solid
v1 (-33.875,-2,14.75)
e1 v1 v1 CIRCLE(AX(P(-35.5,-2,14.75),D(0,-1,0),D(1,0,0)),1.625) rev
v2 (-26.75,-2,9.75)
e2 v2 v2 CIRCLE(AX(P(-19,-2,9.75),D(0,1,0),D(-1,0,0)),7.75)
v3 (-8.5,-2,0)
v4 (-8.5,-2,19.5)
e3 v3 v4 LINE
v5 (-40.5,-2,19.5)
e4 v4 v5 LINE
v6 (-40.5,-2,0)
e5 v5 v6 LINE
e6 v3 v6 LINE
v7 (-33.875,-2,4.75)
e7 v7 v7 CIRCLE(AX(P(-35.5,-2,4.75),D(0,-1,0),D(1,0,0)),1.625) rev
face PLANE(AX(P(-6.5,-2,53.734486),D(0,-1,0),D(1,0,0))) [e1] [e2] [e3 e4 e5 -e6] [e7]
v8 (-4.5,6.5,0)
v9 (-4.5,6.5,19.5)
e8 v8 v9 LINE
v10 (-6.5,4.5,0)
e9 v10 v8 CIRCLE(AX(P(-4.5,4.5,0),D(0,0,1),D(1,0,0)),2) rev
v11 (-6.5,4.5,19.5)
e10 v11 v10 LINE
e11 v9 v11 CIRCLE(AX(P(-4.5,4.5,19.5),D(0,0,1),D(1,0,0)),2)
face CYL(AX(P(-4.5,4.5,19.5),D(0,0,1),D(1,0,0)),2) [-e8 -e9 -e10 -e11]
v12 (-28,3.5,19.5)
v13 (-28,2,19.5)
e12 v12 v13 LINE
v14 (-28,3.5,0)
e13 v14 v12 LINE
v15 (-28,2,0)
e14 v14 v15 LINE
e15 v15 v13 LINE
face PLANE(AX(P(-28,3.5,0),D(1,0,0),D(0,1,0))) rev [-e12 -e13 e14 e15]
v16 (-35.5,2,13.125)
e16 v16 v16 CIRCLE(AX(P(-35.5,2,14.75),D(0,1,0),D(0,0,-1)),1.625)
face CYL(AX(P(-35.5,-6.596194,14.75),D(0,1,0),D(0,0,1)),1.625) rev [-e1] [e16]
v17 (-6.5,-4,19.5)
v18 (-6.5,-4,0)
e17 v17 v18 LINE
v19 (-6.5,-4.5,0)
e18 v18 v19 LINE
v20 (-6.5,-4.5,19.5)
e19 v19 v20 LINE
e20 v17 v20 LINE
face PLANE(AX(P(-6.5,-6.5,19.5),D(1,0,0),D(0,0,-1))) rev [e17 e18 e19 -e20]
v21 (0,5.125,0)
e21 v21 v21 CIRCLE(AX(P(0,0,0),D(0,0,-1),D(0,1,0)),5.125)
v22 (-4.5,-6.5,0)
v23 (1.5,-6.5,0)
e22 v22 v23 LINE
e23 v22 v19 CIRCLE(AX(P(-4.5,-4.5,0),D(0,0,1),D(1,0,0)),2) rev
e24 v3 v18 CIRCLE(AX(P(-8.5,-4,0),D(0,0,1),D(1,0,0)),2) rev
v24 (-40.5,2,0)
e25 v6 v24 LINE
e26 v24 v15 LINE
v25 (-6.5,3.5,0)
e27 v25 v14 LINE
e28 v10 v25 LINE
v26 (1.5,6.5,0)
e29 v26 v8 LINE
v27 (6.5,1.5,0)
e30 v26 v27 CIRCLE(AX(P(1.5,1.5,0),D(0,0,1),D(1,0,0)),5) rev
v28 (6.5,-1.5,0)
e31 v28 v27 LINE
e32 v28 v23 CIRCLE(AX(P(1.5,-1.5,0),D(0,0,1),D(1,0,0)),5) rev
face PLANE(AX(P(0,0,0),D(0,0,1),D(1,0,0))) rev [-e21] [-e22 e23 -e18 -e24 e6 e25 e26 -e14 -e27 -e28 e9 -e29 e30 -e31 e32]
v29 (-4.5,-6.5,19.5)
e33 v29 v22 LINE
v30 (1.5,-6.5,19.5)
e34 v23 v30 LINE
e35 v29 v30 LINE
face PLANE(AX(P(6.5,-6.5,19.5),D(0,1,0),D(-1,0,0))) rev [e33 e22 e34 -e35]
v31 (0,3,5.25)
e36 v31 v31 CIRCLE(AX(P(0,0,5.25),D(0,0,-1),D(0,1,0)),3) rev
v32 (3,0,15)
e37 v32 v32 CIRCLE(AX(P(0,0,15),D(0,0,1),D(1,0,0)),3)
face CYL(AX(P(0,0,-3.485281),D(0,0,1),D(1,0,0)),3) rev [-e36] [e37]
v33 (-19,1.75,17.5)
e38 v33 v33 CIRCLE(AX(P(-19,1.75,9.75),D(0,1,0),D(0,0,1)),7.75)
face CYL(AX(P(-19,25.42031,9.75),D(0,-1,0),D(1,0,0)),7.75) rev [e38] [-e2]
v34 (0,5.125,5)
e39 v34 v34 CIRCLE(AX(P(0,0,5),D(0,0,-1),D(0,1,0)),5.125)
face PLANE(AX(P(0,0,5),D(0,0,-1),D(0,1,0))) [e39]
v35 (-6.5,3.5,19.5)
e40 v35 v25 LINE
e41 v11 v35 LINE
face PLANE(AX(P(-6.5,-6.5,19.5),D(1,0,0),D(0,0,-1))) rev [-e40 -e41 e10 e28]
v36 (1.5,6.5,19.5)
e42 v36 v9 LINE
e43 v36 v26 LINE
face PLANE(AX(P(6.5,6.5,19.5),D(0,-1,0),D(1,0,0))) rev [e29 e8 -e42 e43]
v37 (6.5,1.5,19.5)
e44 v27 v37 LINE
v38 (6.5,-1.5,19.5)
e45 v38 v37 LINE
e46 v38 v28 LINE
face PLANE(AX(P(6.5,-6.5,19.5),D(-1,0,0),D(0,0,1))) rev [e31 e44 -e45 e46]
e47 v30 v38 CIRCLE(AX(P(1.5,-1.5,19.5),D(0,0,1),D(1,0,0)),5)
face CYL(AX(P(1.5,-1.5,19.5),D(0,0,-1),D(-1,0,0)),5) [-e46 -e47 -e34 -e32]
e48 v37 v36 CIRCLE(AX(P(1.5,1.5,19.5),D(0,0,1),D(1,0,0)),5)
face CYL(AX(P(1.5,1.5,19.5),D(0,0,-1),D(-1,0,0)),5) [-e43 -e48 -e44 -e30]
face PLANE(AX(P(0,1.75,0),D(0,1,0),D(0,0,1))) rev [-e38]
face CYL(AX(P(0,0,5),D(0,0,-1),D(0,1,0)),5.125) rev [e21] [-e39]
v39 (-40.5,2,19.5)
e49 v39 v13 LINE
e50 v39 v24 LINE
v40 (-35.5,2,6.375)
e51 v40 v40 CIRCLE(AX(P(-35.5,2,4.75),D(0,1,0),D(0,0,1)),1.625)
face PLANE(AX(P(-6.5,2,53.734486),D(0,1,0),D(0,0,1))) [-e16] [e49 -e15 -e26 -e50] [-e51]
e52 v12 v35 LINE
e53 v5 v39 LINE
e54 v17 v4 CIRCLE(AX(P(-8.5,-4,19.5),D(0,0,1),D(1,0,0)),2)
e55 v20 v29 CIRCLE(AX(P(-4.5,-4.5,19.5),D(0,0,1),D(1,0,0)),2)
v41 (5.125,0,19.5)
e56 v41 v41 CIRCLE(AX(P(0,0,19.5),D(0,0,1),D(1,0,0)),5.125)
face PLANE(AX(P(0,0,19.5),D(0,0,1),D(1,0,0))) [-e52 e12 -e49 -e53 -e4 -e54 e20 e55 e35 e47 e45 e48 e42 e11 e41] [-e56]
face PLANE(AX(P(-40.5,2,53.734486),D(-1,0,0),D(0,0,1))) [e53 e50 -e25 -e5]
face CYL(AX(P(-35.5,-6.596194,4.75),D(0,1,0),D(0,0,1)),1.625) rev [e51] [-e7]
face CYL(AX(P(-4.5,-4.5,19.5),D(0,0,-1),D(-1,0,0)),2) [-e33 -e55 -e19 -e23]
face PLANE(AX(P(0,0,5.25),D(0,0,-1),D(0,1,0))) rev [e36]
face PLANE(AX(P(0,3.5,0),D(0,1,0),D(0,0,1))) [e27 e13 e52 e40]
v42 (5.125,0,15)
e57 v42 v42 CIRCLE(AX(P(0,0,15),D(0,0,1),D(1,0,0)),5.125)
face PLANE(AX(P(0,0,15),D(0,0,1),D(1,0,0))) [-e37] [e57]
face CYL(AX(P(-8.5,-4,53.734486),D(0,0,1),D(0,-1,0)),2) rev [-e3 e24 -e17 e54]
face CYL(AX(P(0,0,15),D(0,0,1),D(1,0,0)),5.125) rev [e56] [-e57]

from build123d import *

# Parameters (mm, degrees)
SKETCH1_W                = 13
SKETCH1_H                = 13
BALL_BEARING_BLOCK_DEPTH = 19.5
SKETCH2_W                = 34
SKETCH2_H                = 4
PADDLE_PLATE_DEPTH       = 19.5
SKETCH3_R                = 5.125
BALLBEARING_1_DEPTH      = 4.5
BALLBEARING_START        = -5
SKETCH4_R                = 5.125
BALLBEARING_2_DEPTH      = 5
SKETCH5_R                = 3
ACHSE_DEPTH              = 10
ACHSE_START              = -0.25
SKETCH9_R                = 3
ACHSE_CLOSER_DEPTH       = 0.25
FILLET1_R                = 5
FILLET2_R                = 5
FILLET3_R                = 2
FILLET4_R                = 2
FILLET7_R                = 2
SKETCH6_R                = 1.625
M3_PADDLE_SCREWS_DEPTH   = 4
SKETCH8_W                = 21.5
SKETCH8_H                = 19.5
TOP_PLATE_DEPTH          = 1.5
SKETCH7_R                = 7.75
MAGNET_POCKET_DEPTH      = 3.75


with BuildPart() as part:
    # Sketch1 → Ball Bearing Block (new body)
    with BuildSketch(Plane.XY):
        Rectangle(SKETCH1_W, SKETCH1_H)
    extrude(amount=BALL_BEARING_BLOCK_DEPTH)

    # Sketch2 → Paddle Plate (add)
    with BuildSketch(Plane(origin=(0, 0, 0), x_dir=(1, 0, 0), z_dir=(0, 0, -1))):
        with Locations((-23.5, 0)):
            Rectangle(SKETCH2_W, SKETCH2_H)
    extrude(amount=-PADDLE_PLATE_DEPTH)

    # Sketch3 → Ballbearing 1 (cut)
    with BuildSketch(Plane.XY.offset(19.5)):
        Circle(SKETCH3_R)
    extrude(amount=-BALLBEARING_1_DEPTH, mode=Mode.SUBTRACT)

    # Sketch4 → Ballbearing 2 (cut)
    with BuildSketch(Plane(origin=(0, 0, 0), x_dir=(1, 0, 0), z_dir=(0, 0, -1)).offset(BALLBEARING_START)):
        Circle(SKETCH4_R)
    extrude(amount=BALLBEARING_2_DEPTH, mode=Mode.SUBTRACT)

    # Sketch5 → Achse (cut)
    with BuildSketch(Plane.XY.offset(15)):
        Circle(SKETCH5_R)
    extrude(amount=-ACHSE_DEPTH, mode=Mode.SUBTRACT)

    # Sketch9 → Achse Closer (add)
    with BuildSketch(Plane(origin=(0, 0, 5), x_dir=(-1, 0, 0), z_dir=(0, 0, -1)).offset(ACHSE_START)):
        with Locations(Location((0, 0, 0), (0, 0, 180))):
            Circle(SKETCH9_R)
    extrude(amount=ACHSE_CLOSER_DEPTH)

    # Fillet1
    fillet1_edges = [part.edges().sort_by_distance(p)[0] for p in [
        (6.5, 6.5, 9.75),
    ]]
    fillet(fillet1_edges, radius=FILLET1_R)

    # Fillet2
    fillet2_edges = [part.edges().sort_by_distance(p)[0] for p in [
        (6.5, -6.5, 9.75),
    ]]
    fillet(fillet2_edges, radius=FILLET2_R)

    # Fillet3
    fillet3_edges = [part.edges().sort_by_distance(p)[0] for p in [
        (-6.5, 6.5, 9.75),
    ]]
    fillet(fillet3_edges, radius=FILLET3_R)

    # Fillet4
    fillet4_edges = [part.edges().sort_by_distance(p)[0] for p in [
        (-6.5, -6.5, 9.75),
    ]]
    fillet(fillet4_edges, radius=FILLET4_R)

    # Fillet7
    fillet7_edges = [part.edges().sort_by_distance(p)[0] for p in [
        (-6.5, -2, 9.75),
    ]]
    fillet(fillet7_edges, radius=FILLET7_R)

    # Sketch6 → M3 Paddle Screws (cut)
    with BuildSketch(Plane(origin=(0, 2, 0), x_dir=(-1, 0, 0), z_dir=(0, 1, 0))):
        with Locations(Location((35.5, 4.75, 0), (0, 0, 90))):
            Circle(SKETCH6_R)
        with Locations(Location((35.5, 14.75, 0), (0, 0, 180))):
            Circle(SKETCH6_R)
    extrude(amount=-M3_PADDLE_SCREWS_DEPTH, mode=Mode.SUBTRACT)

    # Sketch8 → Top Plate (add)
    with BuildSketch(Plane(origin=(0, 2, 0), x_dir=(-1, 0, 0), z_dir=(0, 1, 0))):
        with Locations((17.25, 9.75)):
            Rectangle(SKETCH8_W, SKETCH8_H)
    extrude(amount=TOP_PLATE_DEPTH)

    # Sketch7 → Magnet Pocket (cut)
    with BuildSketch(Plane(origin=(0, -2, 0), x_dir=(-1, 0, 0), z_dir=(0, 1, 0))):
        with Locations(Location((19, 9.75, 0), (0, 0, 90))):
            Circle(SKETCH7_R)
    extrude(amount=MAGNET_POCKET_DEPTH, mode=Mode.SUBTRACT)


solid = part.part
